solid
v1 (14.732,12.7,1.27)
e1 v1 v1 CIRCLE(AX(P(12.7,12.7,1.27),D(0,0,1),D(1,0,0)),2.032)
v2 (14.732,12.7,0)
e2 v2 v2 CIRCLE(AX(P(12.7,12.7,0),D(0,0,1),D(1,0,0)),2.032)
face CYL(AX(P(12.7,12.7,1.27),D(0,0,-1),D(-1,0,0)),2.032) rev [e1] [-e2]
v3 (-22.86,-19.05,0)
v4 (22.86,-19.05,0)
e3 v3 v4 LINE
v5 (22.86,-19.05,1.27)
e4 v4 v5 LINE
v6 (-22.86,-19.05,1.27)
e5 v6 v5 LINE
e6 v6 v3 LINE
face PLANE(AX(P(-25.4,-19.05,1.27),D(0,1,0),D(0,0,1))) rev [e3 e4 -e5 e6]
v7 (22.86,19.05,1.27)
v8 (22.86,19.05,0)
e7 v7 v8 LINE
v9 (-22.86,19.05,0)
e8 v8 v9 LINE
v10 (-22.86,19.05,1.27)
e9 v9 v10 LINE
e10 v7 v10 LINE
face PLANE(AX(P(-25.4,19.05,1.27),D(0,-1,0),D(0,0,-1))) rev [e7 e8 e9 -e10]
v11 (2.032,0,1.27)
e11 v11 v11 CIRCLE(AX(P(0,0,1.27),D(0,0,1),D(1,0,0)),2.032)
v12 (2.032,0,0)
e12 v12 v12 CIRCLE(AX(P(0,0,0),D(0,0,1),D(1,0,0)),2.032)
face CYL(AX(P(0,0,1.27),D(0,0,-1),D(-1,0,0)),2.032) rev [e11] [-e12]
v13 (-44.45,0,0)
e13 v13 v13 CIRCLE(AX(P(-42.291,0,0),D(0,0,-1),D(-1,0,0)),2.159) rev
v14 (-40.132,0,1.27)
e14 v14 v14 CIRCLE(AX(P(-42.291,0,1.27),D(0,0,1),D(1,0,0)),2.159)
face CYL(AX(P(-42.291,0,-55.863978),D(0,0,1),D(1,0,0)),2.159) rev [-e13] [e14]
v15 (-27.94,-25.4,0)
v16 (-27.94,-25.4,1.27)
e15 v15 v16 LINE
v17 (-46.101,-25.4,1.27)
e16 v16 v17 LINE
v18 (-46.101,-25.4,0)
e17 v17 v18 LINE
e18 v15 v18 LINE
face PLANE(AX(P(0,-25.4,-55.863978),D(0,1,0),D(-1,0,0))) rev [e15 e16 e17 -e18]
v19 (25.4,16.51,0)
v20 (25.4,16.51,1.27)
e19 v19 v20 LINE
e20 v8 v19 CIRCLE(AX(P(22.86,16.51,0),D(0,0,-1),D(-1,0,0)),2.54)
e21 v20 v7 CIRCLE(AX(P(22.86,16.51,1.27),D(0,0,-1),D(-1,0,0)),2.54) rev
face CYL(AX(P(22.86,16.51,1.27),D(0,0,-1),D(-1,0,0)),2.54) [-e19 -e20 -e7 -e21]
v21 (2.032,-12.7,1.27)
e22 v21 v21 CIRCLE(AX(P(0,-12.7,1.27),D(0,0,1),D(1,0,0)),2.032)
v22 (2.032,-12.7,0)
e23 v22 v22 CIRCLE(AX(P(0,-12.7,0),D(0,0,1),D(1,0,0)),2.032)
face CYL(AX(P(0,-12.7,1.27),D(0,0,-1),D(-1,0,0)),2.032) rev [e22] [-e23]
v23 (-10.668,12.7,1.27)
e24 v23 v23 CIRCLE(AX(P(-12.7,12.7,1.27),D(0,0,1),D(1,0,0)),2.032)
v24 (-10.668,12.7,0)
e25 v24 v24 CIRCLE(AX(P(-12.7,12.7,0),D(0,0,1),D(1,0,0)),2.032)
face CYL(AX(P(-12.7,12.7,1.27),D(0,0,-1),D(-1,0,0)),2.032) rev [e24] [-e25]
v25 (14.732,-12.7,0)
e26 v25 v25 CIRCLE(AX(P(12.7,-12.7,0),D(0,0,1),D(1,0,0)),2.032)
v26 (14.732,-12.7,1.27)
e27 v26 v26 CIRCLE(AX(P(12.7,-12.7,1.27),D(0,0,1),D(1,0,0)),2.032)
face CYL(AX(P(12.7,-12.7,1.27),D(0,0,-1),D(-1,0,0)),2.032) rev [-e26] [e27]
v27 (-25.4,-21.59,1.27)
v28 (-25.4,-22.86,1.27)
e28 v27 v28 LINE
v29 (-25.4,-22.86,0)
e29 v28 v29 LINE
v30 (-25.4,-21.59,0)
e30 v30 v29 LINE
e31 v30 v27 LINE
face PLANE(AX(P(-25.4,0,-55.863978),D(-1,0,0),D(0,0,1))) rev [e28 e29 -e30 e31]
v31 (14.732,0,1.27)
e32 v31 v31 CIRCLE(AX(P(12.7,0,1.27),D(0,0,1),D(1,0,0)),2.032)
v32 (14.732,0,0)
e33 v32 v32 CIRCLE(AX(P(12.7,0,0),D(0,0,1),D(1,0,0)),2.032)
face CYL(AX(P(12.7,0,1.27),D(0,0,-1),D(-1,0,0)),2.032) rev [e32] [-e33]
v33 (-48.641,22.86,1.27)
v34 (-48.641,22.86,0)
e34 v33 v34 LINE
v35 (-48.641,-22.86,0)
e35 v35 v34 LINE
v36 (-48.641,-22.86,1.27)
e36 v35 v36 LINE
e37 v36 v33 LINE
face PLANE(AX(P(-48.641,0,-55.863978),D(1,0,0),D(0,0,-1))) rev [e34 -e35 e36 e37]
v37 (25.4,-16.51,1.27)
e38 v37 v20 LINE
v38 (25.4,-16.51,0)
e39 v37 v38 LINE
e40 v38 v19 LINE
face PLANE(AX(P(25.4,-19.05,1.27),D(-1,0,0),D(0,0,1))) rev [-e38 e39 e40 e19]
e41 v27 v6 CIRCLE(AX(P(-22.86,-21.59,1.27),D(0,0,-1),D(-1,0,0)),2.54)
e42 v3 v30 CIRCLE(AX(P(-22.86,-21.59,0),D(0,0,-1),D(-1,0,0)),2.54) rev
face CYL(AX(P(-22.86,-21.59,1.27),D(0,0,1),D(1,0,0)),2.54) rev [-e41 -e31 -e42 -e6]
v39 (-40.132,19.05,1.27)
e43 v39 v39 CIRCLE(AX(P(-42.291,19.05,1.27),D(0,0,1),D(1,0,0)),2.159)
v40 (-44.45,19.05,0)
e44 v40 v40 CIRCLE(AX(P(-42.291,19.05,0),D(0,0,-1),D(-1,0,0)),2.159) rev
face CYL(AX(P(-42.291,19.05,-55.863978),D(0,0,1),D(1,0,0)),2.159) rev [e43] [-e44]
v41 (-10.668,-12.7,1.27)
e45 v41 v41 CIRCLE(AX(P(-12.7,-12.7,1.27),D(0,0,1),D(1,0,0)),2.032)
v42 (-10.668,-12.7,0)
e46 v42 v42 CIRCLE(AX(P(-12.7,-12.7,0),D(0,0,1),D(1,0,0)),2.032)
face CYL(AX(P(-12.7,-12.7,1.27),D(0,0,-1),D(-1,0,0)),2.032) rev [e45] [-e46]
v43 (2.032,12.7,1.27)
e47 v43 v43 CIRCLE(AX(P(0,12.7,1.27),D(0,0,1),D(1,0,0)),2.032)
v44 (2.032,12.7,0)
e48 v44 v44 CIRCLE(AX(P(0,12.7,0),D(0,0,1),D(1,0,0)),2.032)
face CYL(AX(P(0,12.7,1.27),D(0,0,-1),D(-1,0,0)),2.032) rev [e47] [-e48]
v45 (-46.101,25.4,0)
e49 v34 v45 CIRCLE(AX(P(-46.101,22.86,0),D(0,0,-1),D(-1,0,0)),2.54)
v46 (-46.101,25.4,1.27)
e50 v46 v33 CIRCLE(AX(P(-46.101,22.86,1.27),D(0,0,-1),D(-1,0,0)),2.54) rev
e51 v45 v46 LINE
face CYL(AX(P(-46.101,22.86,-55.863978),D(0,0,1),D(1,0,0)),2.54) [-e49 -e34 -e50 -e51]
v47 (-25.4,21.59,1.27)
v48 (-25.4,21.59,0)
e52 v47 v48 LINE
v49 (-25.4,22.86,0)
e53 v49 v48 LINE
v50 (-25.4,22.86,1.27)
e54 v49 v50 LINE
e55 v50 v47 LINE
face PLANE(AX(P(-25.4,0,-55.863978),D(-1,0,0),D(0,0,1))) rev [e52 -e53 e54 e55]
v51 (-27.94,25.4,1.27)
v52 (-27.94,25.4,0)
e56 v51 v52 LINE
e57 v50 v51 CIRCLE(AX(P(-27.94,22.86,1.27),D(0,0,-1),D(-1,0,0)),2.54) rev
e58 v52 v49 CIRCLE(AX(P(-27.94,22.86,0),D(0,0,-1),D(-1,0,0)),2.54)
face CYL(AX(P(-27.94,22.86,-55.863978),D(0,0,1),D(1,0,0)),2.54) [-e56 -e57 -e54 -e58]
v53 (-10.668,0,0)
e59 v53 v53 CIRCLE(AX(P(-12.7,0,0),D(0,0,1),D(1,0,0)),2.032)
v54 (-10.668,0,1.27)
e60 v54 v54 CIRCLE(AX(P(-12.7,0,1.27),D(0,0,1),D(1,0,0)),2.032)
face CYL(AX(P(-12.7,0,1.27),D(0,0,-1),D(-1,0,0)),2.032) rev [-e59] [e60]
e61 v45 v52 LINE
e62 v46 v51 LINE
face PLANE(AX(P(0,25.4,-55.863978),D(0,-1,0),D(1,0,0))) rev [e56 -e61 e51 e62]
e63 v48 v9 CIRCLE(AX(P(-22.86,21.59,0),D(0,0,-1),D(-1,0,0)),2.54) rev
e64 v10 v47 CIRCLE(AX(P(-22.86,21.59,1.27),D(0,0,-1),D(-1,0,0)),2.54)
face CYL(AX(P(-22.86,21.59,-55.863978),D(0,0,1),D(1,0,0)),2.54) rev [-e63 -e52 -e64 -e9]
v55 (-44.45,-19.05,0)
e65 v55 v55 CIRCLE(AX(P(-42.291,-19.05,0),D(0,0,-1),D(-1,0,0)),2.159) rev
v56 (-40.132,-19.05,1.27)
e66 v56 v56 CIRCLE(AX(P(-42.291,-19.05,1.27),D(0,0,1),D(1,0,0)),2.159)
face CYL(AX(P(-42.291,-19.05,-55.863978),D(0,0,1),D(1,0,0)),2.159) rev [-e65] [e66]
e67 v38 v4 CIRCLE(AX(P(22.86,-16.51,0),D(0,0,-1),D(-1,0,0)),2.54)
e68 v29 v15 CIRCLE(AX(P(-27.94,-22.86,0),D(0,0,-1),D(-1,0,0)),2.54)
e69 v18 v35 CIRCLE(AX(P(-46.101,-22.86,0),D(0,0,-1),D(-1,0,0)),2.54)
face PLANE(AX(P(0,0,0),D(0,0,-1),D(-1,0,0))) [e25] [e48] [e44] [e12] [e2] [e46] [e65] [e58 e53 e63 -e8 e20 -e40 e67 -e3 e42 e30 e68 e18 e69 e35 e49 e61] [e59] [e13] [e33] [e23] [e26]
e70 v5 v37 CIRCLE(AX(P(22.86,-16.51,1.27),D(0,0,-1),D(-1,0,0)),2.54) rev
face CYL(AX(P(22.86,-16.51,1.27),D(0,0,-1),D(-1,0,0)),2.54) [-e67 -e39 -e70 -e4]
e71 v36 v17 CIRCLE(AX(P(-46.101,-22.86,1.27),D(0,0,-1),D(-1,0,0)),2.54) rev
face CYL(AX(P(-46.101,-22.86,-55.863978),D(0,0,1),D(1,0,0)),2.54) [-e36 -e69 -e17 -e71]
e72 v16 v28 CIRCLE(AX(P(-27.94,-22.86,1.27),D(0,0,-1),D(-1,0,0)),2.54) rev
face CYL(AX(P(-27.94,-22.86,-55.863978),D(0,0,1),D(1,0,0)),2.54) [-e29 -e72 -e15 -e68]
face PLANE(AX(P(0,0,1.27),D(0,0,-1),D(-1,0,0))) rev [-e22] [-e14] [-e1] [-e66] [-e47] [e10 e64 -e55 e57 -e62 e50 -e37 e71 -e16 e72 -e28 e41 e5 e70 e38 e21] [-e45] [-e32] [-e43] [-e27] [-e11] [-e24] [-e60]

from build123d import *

# Parameters (mm, degrees)
SKETCH1_W           = 50.8
SKETCH1_H           = 38.1
SKETCH1_R           = 2.032
BOSS_EXTRUDE1_DEPTH = 1.27
FILLET3_R           = 2.54
SKETCH2_R           = 2.159
BOSS_EXTRUDE2_DEPTH = 1.27
FILLET6_R           = 2.54


with BuildPart() as part:
    # Sketch1 → Boss-Extrude1 (new body)
    with BuildSketch(Plane.XY):
        Rectangle(SKETCH1_W, SKETCH1_H)
        with Locations((-12.7, 12.7)):
            Circle(SKETCH1_R, mode=Mode.SUBTRACT)
        with Locations((0, 12.7)):
            Circle(SKETCH1_R, mode=Mode.SUBTRACT)
        with Locations((12.7, 12.7)):
            Circle(SKETCH1_R, mode=Mode.SUBTRACT)
        Circle(SKETCH1_R, mode=Mode.SUBTRACT)
        with Locations((12.7, 0)):
            Circle(SKETCH1_R, mode=Mode.SUBTRACT)
        with Locations((0, -12.7)):
            Circle(SKETCH1_R, mode=Mode.SUBTRACT)
        with Locations((12.7, -12.7)):
            Circle(SKETCH1_R, mode=Mode.SUBTRACT)
        with Locations((-12.7, 0)):
            Circle(SKETCH1_R, mode=Mode.SUBTRACT)
        with Locations((-12.7, -12.7)):
            Circle(SKETCH1_R, mode=Mode.SUBTRACT)
    extrude(amount=BOSS_EXTRUDE1_DEPTH)

    # Fillet3
    fillet3_edges = [part.edges().sort_by_distance(p)[0] for p in [
        (25.4, -19.05, 0.635),
        (25.4, 19.05, 0.635),
    ]]
    fillet(fillet3_edges, radius=FILLET3_R)

    # Sketch2 → Boss-Extrude2 (add)
    with BuildSketch(Plane.XY.offset(1.27)):
        Polygon((-25.4, -25.4), (-25.4, -19.05), (-25.4, 19.05), (-25.4, 25.4), (-48.641, 25.4), (-48.641, -25.4), align=None)
        with Locations((-42.291, -19.05)):
            Circle(SKETCH2_R, mode=Mode.SUBTRACT)
        with Locations((-42.291, 0)):
            Circle(SKETCH2_R, mode=Mode.SUBTRACT)
        with Locations((-42.291, 19.05)):
            Circle(SKETCH2_R, mode=Mode.SUBTRACT)
    extrude(amount=-BOSS_EXTRUDE2_DEPTH)

    # Fillet6
    fillet6_edges = [part.edges().sort_by_distance(p)[0] for p in [
        (-25.4, 25.4, 0.635),
        (-25.4, -25.4, 0.635),
        (-48.641, -25.4, 0.635),
        (-48.641, 25.4, 0.635),
        (-25.4, -19.05, 0.635),
        (-25.4, 19.05, 0.635),
    ]]
    fillet(fillet6_edges, radius=FILLET6_R)


solid = part.part
